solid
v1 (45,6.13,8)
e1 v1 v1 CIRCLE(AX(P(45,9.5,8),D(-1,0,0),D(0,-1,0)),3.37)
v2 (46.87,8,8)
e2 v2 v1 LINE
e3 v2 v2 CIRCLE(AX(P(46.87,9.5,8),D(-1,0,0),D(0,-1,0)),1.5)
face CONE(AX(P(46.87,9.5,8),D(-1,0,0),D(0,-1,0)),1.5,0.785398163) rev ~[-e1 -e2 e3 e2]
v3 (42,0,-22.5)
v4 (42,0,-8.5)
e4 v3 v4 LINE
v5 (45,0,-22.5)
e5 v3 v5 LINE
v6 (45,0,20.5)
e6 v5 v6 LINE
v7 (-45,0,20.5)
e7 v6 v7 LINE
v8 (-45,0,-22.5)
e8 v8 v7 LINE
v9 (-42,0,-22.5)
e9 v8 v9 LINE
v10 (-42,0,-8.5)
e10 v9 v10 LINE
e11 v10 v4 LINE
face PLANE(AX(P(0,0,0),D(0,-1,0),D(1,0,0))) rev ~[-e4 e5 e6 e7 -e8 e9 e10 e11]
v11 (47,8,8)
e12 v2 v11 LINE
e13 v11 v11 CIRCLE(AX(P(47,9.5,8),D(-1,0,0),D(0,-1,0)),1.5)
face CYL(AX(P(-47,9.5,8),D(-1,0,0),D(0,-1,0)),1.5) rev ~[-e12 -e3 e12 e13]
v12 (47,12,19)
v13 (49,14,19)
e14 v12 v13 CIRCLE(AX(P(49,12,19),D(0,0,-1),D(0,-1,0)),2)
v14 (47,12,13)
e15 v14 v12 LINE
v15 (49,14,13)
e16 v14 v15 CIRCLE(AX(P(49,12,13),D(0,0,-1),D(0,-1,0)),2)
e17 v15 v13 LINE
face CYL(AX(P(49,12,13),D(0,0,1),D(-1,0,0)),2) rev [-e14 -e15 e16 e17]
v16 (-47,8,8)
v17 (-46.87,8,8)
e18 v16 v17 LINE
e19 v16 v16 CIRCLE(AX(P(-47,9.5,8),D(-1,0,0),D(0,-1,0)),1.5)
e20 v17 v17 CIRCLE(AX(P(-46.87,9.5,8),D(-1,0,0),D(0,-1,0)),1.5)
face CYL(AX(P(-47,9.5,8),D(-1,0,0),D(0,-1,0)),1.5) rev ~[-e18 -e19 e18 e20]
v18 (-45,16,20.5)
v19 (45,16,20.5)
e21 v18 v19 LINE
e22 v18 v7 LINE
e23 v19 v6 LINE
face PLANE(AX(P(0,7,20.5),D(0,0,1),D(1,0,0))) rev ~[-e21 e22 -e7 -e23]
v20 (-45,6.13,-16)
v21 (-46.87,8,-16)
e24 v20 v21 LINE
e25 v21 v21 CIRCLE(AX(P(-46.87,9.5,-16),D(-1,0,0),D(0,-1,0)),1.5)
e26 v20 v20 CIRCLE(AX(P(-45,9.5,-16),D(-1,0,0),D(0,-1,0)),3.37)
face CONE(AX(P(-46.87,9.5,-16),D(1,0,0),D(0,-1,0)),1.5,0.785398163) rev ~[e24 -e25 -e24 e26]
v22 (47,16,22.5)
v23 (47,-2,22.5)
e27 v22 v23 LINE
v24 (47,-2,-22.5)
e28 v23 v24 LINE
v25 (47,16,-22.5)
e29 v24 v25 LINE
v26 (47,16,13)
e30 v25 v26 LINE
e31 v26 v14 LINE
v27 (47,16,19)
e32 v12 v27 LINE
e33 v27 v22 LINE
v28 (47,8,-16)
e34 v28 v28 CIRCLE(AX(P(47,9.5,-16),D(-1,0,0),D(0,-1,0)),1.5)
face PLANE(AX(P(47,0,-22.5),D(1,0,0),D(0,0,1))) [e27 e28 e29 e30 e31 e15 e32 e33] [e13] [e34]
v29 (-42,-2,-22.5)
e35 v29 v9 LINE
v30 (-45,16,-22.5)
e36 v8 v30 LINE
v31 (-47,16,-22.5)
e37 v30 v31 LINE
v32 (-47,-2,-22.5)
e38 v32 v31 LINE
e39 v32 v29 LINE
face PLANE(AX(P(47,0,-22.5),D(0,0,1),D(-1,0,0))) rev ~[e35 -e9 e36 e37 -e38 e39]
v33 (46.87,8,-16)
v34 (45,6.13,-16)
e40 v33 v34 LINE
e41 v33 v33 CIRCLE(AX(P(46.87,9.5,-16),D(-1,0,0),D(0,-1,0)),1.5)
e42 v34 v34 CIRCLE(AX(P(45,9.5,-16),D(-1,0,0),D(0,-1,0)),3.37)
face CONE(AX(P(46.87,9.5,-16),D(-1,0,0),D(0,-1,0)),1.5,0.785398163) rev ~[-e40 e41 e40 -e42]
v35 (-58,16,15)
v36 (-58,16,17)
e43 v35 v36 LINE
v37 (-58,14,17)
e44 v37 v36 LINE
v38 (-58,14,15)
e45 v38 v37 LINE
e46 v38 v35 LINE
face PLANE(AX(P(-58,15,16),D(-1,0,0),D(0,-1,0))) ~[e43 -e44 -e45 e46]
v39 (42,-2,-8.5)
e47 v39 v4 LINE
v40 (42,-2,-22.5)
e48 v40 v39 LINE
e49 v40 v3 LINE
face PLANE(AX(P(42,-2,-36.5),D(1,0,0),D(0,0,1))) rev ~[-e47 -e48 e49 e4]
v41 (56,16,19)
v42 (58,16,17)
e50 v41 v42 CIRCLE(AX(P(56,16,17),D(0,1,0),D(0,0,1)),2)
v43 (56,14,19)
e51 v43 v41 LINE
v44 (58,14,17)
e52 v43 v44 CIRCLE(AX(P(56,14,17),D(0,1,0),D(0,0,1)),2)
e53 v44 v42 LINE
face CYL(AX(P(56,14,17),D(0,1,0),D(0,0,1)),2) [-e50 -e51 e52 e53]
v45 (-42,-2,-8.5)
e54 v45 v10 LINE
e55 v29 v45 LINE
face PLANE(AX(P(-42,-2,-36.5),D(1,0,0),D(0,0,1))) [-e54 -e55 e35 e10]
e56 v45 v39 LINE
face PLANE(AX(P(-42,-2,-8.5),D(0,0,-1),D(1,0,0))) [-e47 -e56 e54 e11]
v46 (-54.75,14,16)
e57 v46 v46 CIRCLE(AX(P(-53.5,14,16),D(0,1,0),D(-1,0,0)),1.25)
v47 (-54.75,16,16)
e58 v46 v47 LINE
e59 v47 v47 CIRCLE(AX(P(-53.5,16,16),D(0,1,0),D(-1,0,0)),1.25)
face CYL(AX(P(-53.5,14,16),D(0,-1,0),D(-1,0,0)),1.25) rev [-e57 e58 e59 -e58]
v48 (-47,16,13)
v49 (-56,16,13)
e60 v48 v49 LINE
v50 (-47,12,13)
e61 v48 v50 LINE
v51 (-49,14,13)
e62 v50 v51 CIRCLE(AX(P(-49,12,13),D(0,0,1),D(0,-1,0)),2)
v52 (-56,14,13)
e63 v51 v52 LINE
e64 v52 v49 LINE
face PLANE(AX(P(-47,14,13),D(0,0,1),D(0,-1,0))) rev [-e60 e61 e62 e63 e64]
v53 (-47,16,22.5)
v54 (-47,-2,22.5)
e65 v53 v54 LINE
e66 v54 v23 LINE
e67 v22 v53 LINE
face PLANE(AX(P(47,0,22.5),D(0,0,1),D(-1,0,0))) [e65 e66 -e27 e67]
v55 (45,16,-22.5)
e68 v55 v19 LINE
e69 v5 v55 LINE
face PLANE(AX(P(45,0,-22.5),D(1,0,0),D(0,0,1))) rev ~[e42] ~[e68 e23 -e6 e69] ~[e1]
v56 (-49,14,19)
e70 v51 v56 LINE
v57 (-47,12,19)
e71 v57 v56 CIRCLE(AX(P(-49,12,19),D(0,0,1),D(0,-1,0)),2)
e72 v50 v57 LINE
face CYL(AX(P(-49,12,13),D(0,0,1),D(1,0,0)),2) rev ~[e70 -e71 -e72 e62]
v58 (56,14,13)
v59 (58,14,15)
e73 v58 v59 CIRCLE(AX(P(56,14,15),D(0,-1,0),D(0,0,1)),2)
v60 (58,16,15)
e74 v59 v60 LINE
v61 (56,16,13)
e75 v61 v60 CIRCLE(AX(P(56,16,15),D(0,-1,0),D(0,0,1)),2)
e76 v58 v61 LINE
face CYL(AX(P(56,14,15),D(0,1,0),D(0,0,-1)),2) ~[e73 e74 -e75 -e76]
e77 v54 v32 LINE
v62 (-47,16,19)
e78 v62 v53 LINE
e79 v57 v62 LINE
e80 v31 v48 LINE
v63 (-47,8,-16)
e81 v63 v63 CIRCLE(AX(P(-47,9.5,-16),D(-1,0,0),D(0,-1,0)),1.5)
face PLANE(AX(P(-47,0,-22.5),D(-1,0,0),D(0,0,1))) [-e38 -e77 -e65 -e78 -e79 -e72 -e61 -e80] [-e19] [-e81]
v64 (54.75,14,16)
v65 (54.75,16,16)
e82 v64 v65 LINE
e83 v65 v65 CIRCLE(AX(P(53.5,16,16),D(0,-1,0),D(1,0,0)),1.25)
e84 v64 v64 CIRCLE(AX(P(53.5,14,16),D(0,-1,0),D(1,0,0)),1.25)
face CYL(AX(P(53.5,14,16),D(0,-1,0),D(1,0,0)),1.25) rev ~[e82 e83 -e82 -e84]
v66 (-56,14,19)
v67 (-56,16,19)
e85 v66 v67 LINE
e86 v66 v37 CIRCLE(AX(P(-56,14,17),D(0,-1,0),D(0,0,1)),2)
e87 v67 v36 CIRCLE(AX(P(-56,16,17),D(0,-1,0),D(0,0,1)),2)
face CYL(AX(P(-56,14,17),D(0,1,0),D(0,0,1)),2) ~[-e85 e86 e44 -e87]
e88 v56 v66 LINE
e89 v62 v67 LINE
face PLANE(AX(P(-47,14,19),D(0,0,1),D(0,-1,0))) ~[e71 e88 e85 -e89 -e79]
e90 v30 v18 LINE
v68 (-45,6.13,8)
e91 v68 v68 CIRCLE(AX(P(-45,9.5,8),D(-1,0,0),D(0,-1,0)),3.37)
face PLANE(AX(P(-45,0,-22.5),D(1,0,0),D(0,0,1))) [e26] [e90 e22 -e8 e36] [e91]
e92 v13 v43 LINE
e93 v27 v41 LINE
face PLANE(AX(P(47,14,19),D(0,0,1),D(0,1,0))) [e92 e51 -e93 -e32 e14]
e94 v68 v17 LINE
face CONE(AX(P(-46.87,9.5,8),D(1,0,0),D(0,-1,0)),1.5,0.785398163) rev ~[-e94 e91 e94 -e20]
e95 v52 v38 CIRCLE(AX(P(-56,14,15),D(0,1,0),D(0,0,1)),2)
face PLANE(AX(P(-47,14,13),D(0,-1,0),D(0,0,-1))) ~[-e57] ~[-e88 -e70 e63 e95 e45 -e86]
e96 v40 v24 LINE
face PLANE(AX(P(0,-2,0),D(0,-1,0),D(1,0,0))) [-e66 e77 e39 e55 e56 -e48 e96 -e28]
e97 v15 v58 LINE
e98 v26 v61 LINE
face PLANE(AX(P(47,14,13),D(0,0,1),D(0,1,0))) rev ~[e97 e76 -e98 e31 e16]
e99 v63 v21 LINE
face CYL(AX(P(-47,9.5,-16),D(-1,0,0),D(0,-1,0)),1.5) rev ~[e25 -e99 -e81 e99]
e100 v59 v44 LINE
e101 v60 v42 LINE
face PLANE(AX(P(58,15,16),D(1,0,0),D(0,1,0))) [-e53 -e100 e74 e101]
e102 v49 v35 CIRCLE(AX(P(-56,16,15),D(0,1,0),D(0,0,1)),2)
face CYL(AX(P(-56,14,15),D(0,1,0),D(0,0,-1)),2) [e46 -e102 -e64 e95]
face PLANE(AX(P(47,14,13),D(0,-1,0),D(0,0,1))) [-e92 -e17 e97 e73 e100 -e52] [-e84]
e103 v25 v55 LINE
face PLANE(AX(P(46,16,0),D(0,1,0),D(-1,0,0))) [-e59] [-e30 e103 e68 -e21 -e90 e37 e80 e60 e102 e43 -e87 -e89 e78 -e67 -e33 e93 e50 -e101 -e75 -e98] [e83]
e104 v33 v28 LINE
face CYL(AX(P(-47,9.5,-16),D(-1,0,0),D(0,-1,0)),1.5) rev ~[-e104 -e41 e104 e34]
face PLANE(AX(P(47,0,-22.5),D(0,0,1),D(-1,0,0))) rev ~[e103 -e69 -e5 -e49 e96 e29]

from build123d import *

# Parameters (mm, degrees)
F0_W      = 94
F0_H      = 45
F1_DEPTH  = 2
F2_W      = 2
F2_H      = 45
F3_DEPTH  = 16
F4_W      = 94
F4_H      = 18
F5_DEPTH  = 2
F6_W      = 2
F6_H      = 6
F7_DEPTH  = 11
F8_R      = 1.25
F8_R_2    = 1.5
F9_DEPTH  = 25
F10_R     = 2
F12_W     = 19.2678107619
F12_H     = 14.8564111814
F12_W_2   = 16.8835728168
F12_H_2   = 15.2771589719
F13_DEPTH = 25
F14_R     = 1.5
F15_DEPTH = 100
F16_R     = 1.5
F17_DEPTH = 100
F18_SIZE  = 1.87
F19_W     = 84
F19_H     = 28
F20_DEPTH = 25


with BuildPart() as f1:
    # F0 (on Front) → F1 (new body)
    with BuildSketch(Plane.XZ):
        Rectangle(F0_W, F0_H)
    extrude(amount=F1_DEPTH)

    # F2 (on face) → F3 (join)
    with BuildSketch(Plane(origin=(0, 0, 0), x_dir=(-1, 0, 0), z_dir=(0, 1, 0))):
        with Locations((-46, 0)):
            Rectangle(F2_W, F2_H)
        with Locations((46, 0)):
            Rectangle(F2_W, F2_H)
    extrude(amount=F3_DEPTH)

    # F4 (on face) → F5 (join)
    with BuildSketch(Plane.XY.offset(22.5)):
        with Locations((0, 7)):
            Rectangle(F4_W, F4_H)
    extrude(amount=-F5_DEPTH)

    # F6 (on face) → F7 (join)
    with BuildSketch(Plane.YZ.offset(47)):
        with Locations((15, 16)):
            Rectangle(F6_W, F6_H)
        with Locations((15, -16)):
            Rectangle(F6_W, F6_H)
    extrude(amount=F7_DEPTH)

    # F8 (on face) → F9 (cut)
    with BuildSketch(Plane.XZ.offset(-14)):
        with Locations((53.5, 16)):
            Circle(F8_R)
        with Locations((53.5, -16)):
            Circle(F8_R_2)
    extrude(amount=-F9_DEPTH, mode=Mode.SUBTRACT)

    # F10
    f10_edges = [f1.edges().sort_by_distance(p)[0] for p in [
        (58, 15, -19),
        (58, 15, -13),
        (58, 15, 19),
        (58, 15, 13),
        (47, 14, -16),
        (47, 14, 16),
    ]]
    fillet(f10_edges, radius=F10_R)

    # F11: F1 across plane


with BuildPart() as f1_1:
    add(f1.part)
    add(f1.part.mirror(Plane.YZ))

    # F12 (on face) → F13 (cut)
    with BuildSketch(Plane.XZ.offset(2)):
        with Locations((56.633905381, -15.0717944093)):
            Rectangle(F12_W, F12_H)
        with Locations((-55.4417864084, -14.8614205141)):
            Rectangle(F12_W_2, F12_H_2)
    extrude(amount=-F13_DEPTH, mode=Mode.SUBTRACT)

    # F14 (on face) → F15 (cut)
    with BuildSketch(Plane(origin=(-47, 0, 0), x_dir=(0, -1, 0), z_dir=(-1, 0, 0))):
        with Locations((-9.5, -16)):
            Circle(F14_R)
    extrude(amount=-F15_DEPTH, mode=Mode.SUBTRACT)

    # F16 (on face) → F17 (cut)
    with BuildSketch(Plane(origin=(-47, 0, 0), x_dir=(0, -1, 0), z_dir=(-1, 0, 0))):
        with Locations((-9.5, 8)):
            Circle(F16_R)
    extrude(amount=-F17_DEPTH, mode=Mode.SUBTRACT)

    # F18
    f18_edges = [f1_1.edges().sort_by_distance(p)[0] for p in [
        (45, 11, 8),
        (45, 11, -16),
        (-45, 11, 8),
        (-45, 11, -16),
    ]]
    chamfer(f18_edges, length=F18_SIZE)

    # F19 (on face) → F20 (cut)
    with BuildSketch(Plane.XZ.offset(2)):
        with Locations((0, -22.5)):
            Rectangle(F19_W, F19_H)
    extrude(amount=-F20_DEPTH, mode=Mode.SUBTRACT)


solid = f1_1.part
